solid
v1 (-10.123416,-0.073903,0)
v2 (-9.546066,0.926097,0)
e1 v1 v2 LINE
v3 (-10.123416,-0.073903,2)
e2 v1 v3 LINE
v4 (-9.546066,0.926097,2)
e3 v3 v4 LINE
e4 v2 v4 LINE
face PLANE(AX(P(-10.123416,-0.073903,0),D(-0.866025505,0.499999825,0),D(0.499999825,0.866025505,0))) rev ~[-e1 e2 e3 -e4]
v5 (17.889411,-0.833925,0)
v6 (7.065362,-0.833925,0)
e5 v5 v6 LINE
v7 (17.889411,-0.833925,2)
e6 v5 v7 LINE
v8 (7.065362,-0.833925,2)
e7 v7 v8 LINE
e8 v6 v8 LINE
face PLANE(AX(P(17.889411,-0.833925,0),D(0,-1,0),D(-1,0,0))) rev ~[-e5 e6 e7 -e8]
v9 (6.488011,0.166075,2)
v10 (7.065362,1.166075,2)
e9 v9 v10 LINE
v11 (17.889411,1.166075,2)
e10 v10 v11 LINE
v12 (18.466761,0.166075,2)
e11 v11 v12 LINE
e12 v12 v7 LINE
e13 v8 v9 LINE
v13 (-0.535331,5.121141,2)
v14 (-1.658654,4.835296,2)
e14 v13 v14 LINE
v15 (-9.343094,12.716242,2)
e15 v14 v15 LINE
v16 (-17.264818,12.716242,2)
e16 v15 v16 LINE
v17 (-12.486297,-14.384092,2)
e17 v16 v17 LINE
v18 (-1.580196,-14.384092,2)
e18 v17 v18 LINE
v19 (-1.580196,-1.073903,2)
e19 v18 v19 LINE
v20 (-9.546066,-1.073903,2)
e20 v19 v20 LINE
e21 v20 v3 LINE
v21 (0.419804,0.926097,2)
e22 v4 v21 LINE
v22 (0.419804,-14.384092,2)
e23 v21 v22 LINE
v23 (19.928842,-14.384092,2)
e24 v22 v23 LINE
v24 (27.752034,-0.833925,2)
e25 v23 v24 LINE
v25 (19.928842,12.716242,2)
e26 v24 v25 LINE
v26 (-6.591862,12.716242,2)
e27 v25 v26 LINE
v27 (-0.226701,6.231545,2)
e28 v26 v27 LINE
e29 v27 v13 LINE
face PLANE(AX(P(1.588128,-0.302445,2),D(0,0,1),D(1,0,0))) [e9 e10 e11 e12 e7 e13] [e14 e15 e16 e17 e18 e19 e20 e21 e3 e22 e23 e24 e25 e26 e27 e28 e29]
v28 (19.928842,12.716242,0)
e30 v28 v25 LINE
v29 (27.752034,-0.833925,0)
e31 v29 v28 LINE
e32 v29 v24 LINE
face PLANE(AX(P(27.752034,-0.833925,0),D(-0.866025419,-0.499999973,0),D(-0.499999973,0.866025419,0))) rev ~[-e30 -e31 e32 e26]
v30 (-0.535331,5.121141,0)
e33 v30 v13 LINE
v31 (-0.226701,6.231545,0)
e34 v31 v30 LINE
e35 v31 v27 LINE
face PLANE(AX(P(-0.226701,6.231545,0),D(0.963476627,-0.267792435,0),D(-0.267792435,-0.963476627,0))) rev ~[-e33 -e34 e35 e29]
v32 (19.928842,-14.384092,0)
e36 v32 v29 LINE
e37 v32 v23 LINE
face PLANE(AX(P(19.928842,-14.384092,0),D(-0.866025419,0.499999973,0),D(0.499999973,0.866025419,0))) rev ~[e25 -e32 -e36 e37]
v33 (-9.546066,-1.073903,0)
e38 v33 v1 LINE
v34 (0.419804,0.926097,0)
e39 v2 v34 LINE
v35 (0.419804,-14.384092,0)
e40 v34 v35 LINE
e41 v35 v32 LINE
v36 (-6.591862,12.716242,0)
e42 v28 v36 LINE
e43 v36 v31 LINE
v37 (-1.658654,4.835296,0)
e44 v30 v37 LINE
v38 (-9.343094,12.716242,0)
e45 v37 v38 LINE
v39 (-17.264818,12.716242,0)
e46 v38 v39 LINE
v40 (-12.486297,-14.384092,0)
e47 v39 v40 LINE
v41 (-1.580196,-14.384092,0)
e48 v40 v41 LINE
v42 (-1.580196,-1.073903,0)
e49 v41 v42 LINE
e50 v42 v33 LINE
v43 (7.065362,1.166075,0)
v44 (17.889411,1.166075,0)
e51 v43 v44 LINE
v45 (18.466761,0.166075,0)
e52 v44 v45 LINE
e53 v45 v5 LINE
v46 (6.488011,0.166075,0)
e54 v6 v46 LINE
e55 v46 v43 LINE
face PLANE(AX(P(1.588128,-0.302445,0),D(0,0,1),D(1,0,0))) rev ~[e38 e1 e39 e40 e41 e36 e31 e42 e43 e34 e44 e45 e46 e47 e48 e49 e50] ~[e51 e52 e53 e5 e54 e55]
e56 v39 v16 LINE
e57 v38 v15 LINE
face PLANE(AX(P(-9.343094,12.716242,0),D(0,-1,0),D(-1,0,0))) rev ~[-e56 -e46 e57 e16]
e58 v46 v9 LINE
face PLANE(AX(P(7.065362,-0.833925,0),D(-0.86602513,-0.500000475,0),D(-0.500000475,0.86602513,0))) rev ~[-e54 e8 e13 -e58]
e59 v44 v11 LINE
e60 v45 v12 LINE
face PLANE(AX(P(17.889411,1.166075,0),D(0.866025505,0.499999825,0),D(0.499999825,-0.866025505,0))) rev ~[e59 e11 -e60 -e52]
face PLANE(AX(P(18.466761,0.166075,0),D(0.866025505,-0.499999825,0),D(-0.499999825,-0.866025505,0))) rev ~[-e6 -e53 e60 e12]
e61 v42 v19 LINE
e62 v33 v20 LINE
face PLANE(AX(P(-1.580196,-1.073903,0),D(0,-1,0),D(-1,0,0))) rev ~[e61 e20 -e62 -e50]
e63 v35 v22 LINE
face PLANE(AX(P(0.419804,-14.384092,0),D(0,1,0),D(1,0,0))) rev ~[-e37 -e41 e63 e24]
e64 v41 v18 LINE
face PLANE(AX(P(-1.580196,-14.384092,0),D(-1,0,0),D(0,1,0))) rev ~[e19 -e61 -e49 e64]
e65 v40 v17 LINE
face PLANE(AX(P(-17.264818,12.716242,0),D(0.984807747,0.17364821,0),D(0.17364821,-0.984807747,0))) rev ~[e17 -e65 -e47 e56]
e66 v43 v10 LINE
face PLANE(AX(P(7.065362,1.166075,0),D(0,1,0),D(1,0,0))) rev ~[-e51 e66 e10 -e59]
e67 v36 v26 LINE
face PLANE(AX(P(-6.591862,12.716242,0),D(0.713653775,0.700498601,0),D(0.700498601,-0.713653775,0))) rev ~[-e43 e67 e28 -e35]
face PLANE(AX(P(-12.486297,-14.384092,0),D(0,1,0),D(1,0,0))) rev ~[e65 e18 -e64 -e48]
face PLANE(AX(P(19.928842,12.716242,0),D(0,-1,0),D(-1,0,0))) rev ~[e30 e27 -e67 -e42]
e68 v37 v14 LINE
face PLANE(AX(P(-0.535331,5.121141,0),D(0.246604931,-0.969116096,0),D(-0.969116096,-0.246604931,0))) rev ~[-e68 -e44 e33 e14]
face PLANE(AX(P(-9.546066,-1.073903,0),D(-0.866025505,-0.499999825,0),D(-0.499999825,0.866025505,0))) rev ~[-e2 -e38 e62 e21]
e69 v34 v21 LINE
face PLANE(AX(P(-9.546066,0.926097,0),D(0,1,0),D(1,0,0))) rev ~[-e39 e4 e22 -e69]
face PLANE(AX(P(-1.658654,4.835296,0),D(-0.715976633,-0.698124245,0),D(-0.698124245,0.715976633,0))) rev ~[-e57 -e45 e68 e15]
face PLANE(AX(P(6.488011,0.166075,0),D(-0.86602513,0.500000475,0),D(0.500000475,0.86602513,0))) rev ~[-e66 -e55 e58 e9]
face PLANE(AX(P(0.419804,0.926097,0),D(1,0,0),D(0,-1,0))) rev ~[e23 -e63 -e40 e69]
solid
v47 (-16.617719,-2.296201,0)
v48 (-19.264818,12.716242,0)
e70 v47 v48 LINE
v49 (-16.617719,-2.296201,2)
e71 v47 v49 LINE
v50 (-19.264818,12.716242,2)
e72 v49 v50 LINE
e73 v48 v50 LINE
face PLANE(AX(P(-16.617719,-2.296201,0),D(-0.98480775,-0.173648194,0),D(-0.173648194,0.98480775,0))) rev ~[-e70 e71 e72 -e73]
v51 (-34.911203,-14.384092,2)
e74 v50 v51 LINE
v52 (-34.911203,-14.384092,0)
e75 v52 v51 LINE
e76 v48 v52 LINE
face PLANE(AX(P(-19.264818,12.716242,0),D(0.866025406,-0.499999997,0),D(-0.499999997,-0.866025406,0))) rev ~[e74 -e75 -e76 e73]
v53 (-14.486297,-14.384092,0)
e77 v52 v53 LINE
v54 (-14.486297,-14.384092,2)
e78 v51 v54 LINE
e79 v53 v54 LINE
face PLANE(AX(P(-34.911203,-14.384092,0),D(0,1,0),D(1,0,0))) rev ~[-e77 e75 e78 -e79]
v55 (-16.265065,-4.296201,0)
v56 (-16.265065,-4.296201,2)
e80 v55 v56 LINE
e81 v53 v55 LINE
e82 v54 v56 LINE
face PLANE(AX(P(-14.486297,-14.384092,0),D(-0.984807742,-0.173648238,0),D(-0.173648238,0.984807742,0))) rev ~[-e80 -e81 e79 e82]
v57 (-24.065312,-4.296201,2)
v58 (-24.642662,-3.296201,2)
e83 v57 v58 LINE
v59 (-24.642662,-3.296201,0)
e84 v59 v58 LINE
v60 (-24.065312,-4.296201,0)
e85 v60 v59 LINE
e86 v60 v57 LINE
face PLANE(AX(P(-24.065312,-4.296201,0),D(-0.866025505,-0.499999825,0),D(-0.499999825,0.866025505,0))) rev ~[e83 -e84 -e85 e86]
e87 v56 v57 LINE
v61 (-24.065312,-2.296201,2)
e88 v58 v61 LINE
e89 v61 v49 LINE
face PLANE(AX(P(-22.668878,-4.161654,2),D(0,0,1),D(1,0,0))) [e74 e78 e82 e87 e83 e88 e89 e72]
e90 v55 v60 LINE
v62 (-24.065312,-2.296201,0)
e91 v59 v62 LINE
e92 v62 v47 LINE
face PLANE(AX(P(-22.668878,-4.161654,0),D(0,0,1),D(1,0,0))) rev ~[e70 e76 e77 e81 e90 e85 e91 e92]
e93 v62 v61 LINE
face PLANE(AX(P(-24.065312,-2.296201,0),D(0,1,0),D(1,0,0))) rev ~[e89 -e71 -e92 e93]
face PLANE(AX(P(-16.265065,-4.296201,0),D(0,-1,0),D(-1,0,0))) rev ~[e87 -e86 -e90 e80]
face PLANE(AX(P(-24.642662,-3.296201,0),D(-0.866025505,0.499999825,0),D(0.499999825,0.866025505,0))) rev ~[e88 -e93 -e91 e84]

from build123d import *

# Parameters (mm, degrees)
F1_DEPTH = 2


with BuildPart() as f1:
    # F0 (on Top) → F1 (new body)
    with BuildSketch(Plane.XY):
        Polygon((-17.264818, 12.716242), (-12.486297, -14.384092), (-1.580196, -14.384092), (-1.580196, -1.073903), (-9.546066, -1.073903), (-10.123416, -0.073903), (-9.546066, 0.926097), (0.419804, 0.926097), (0.419804, -14.384092), (19.928842, -14.384092), (27.752034, -0.833925), (19.928842, 12.716242), (-6.591862, 12.716242), (-0.226701, 6.231545), (-0.535331, 5.121141), (-1.658654, 4.835296), (-9.343094, 12.716242), align=None)
        Polygon((18.466761, 0.166075), (17.889411, -0.833925), (7.065362, -0.833925), (6.488011, 0.166075), (7.065362, 1.166075), (17.889411, 1.166075), align=None, mode=Mode.SUBTRACT)
        Polygon((-19.264818, 12.716242), (-34.911203, -14.384092), (-14.486297, -14.384092), (-16.265065, -4.296201), (-24.065312, -4.296201), (-24.642662, -3.296201), (-24.065312, -2.296201), (-16.617719, -2.296201), align=None)
    extrude(amount=F1_DEPTH)


solid = f1.part
